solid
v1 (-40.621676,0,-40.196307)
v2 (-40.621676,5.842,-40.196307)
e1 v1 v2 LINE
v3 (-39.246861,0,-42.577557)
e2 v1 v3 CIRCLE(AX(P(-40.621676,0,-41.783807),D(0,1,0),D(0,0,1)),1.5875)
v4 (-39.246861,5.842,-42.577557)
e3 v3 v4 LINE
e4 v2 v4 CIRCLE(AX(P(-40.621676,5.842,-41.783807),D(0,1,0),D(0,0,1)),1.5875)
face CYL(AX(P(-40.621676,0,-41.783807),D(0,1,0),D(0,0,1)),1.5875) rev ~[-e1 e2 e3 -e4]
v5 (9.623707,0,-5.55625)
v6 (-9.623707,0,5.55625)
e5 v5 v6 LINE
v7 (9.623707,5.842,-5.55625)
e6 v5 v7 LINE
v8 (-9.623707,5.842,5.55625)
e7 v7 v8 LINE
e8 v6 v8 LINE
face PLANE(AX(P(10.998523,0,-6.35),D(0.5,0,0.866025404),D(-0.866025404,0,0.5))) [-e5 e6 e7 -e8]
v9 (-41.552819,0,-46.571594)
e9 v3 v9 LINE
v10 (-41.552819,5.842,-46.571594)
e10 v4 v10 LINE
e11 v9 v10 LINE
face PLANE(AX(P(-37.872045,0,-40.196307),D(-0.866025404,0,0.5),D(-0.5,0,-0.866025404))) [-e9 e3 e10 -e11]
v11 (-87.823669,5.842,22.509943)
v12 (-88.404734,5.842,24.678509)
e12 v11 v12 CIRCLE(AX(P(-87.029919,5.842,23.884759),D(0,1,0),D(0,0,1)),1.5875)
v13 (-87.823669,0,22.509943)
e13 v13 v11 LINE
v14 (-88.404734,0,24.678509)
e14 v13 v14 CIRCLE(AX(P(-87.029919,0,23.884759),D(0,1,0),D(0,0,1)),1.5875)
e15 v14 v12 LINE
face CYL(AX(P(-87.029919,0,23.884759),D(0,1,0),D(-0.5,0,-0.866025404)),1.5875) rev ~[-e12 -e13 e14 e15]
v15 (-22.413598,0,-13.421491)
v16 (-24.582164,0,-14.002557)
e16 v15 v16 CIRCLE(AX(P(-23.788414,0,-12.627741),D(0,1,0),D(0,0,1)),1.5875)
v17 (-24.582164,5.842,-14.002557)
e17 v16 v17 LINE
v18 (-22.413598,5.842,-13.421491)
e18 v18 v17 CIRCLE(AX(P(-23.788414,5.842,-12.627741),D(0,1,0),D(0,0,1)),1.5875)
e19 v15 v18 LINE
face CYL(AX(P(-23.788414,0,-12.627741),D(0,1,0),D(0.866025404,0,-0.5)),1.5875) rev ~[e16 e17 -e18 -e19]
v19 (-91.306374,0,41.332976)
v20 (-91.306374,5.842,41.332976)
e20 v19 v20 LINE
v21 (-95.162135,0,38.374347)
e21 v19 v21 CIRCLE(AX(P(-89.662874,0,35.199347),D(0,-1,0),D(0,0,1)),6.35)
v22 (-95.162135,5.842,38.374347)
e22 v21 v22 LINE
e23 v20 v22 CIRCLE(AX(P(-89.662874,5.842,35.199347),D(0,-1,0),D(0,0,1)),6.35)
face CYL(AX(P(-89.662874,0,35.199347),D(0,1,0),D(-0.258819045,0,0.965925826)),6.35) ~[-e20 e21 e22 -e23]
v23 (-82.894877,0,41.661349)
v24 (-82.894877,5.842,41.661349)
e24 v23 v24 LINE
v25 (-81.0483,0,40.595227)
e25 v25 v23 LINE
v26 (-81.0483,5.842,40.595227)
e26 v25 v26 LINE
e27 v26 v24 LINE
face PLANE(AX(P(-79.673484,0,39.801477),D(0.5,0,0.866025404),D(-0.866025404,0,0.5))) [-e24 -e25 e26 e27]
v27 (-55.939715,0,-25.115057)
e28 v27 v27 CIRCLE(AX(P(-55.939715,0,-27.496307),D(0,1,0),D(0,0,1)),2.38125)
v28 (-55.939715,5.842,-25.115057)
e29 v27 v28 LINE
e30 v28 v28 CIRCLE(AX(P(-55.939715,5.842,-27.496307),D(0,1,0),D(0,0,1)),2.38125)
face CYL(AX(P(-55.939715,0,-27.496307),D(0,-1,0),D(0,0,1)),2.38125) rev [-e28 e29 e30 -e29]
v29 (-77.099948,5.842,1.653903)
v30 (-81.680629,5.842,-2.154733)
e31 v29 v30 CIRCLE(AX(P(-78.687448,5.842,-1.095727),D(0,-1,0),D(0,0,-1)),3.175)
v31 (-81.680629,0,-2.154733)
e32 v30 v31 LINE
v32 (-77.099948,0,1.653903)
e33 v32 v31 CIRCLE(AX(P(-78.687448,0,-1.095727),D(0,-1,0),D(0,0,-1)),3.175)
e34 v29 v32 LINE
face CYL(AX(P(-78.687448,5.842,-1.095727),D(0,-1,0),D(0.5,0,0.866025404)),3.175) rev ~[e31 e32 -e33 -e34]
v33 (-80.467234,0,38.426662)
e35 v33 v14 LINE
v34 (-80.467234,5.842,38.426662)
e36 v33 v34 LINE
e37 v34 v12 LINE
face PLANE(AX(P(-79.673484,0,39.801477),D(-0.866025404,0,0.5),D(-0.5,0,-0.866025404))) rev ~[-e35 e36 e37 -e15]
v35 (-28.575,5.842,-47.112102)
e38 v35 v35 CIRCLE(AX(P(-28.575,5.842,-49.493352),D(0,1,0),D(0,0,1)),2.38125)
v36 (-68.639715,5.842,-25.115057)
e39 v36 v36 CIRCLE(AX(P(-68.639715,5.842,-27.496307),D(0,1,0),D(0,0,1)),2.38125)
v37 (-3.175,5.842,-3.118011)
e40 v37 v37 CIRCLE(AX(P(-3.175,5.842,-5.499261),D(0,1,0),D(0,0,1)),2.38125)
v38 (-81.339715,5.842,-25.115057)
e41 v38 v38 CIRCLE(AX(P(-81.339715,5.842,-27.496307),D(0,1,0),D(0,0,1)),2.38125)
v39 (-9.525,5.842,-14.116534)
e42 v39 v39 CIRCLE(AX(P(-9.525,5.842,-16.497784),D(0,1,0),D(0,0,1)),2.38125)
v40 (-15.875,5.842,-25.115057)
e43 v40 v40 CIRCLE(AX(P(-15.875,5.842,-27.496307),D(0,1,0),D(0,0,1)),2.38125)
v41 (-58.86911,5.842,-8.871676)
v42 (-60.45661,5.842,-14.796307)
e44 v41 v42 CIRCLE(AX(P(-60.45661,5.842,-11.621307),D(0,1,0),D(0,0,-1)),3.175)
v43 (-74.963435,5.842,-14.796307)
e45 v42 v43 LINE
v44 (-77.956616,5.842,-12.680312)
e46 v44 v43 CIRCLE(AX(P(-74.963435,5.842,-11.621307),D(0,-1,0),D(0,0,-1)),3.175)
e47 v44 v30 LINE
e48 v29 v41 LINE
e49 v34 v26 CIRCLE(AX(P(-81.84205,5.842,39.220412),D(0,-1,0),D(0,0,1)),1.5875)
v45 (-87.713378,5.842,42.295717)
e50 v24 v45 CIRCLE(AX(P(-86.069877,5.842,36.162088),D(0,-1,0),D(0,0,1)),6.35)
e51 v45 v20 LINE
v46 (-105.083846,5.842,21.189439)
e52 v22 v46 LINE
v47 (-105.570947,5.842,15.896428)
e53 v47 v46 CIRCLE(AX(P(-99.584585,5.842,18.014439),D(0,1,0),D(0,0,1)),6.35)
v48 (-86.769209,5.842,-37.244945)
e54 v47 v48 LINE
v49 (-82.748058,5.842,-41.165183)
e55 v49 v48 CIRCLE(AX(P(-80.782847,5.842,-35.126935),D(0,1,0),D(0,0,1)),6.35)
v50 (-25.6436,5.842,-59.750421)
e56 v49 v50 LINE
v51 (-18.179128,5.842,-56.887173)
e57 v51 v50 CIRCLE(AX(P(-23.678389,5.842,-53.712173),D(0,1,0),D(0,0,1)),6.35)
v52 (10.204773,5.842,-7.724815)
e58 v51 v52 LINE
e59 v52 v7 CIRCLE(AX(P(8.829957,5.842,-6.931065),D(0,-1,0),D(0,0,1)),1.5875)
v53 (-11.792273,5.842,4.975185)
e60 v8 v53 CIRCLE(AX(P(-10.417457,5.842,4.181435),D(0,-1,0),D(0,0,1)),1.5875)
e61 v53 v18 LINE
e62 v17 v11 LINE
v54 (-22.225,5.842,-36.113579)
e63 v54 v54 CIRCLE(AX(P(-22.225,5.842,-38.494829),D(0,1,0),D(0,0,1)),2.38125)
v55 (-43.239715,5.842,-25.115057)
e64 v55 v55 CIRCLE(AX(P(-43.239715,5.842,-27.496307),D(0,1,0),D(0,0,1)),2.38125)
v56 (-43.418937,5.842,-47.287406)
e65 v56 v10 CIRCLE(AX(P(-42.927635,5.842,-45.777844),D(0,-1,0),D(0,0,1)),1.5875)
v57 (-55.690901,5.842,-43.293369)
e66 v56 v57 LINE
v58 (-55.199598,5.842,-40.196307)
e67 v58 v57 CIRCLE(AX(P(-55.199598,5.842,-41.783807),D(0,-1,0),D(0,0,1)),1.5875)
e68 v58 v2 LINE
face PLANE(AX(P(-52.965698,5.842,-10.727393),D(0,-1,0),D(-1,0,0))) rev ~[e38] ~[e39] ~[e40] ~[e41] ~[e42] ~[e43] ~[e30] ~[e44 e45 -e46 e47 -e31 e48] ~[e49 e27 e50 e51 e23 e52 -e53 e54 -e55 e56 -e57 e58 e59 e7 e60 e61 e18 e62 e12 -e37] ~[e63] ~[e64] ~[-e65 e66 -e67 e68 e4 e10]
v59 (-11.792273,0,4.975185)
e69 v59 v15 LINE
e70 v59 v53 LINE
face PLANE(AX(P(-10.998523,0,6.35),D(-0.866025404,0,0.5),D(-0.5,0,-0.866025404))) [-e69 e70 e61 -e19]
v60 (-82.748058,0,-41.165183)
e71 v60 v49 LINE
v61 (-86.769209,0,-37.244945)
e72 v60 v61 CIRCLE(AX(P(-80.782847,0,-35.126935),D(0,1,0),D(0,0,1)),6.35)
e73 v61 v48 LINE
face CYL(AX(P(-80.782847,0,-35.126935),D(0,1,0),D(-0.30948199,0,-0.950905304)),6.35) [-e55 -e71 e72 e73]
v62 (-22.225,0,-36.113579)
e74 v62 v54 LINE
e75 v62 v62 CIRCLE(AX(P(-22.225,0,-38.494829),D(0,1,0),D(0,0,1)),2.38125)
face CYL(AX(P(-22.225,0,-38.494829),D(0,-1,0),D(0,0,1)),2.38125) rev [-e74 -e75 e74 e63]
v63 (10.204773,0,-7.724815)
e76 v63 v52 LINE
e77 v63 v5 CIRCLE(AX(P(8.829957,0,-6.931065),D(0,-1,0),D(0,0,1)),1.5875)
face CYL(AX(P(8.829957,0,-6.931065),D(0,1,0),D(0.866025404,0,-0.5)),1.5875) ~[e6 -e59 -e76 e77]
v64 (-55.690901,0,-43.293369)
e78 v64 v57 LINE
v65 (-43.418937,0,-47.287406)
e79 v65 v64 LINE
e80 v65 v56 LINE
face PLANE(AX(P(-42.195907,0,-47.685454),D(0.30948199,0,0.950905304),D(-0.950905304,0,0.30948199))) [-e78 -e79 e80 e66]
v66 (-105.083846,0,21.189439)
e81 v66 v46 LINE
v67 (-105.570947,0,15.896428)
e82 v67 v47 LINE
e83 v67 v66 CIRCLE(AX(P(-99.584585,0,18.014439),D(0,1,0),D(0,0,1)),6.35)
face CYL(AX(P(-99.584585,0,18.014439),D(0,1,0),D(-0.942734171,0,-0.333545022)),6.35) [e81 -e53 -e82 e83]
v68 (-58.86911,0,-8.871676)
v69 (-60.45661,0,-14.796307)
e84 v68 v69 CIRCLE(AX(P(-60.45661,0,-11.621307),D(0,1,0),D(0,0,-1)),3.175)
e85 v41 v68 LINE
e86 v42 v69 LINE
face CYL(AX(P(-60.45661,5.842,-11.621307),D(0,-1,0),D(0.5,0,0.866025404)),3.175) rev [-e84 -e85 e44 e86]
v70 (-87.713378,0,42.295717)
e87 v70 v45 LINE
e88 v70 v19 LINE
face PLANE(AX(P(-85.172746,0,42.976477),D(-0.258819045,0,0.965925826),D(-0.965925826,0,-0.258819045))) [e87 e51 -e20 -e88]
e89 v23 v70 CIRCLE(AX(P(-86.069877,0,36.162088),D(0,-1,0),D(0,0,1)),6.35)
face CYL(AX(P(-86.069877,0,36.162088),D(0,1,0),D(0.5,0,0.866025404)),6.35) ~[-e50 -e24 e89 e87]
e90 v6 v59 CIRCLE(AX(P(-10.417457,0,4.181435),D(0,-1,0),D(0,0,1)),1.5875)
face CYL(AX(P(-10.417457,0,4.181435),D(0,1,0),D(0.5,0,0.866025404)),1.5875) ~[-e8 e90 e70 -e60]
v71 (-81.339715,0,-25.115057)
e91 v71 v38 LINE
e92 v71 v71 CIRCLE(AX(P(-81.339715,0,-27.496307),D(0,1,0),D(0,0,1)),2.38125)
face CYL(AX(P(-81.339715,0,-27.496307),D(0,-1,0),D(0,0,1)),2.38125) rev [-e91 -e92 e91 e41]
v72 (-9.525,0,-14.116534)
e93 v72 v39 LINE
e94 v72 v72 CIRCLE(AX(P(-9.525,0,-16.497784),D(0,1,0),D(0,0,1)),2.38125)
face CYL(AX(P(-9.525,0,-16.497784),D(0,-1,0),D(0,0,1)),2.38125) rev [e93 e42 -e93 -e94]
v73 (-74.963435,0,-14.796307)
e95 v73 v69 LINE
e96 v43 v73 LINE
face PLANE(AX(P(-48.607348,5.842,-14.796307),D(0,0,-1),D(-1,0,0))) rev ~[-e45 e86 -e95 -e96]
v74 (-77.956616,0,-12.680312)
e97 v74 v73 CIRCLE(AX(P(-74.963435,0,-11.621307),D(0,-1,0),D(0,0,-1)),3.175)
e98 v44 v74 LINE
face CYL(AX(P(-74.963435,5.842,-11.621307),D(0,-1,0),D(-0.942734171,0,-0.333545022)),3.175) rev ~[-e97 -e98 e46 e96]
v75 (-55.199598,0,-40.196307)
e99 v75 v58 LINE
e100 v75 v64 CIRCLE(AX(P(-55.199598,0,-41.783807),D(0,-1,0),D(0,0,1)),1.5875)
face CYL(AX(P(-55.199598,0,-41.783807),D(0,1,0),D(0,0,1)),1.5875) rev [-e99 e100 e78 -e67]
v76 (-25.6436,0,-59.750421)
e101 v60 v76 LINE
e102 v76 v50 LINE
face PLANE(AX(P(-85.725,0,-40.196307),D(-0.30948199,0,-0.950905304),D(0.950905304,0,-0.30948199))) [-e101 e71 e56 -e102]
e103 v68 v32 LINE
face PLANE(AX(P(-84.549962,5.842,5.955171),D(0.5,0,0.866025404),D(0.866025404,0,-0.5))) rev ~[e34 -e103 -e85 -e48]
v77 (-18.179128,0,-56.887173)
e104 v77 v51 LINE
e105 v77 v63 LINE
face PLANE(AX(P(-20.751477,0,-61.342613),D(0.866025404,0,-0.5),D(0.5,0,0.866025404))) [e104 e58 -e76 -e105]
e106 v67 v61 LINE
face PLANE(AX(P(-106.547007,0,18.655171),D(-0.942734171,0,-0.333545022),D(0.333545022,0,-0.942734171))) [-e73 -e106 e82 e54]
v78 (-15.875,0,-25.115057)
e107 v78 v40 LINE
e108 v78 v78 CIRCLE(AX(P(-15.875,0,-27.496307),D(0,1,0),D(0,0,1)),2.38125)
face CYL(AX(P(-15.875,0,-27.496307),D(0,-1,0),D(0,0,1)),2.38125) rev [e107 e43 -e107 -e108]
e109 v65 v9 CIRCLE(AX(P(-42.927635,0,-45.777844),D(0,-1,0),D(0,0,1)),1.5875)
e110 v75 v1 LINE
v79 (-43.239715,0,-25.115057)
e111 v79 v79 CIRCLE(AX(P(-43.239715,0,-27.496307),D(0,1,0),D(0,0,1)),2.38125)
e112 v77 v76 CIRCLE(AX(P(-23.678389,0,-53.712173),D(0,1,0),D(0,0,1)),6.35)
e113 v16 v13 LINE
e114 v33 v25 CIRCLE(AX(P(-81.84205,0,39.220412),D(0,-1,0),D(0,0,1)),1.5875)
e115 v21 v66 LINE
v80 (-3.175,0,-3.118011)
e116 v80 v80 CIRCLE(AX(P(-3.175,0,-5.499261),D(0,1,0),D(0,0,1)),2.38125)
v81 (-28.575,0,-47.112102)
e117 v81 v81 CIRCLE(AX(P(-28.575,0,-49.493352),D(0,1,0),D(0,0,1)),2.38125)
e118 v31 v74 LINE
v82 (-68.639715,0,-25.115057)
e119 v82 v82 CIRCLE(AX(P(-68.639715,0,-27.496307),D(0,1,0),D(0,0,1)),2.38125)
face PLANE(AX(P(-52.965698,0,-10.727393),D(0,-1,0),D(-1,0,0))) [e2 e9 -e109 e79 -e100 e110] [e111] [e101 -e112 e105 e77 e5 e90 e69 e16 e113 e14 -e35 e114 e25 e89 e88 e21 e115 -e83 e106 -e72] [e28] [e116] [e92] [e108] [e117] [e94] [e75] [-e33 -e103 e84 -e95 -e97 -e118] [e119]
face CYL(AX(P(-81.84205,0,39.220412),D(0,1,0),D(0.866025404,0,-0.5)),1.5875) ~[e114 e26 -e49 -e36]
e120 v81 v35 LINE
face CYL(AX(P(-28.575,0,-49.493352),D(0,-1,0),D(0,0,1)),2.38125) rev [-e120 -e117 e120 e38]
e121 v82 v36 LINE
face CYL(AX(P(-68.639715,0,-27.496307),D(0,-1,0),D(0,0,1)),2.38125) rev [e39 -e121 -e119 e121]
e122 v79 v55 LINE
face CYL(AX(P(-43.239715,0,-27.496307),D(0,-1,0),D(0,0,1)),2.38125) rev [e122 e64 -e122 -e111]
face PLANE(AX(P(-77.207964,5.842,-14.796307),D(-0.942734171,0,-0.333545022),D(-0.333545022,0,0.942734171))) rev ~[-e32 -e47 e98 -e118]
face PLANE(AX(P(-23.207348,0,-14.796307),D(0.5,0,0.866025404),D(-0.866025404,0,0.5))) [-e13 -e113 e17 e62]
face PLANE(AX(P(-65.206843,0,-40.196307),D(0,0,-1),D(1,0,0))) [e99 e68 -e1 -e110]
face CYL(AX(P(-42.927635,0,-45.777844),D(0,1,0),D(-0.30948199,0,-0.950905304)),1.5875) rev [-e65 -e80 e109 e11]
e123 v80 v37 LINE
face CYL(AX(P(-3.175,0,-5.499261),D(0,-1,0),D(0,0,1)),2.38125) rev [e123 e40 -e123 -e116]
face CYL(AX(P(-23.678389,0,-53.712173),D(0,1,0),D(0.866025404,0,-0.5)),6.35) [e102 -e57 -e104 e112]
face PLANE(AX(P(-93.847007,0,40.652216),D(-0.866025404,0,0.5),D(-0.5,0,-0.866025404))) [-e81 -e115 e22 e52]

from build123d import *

# Parameters (mm, degrees)
SKETCH1_R           = 2.38125
BOSS_EXTRUDE1_DEPTH = 5.842
FILLET1_R           = 1.5875
FILLET2_R           = 6.35
FILLET3_R           = 1.5875
CUT_EXTRUDE1_DEPTH  = 122.916897323
FILLET4_R           = 3.175


with BuildPart() as part:
    # Sketch1 → Boss-Extrude1 (new body)
    with BuildSketch(Plane(origin=(0, 0, 0), x_dir=(1, 0, 0), z_dir=(0, 1, 0))):
        Polygon((-10.998522628, -6.35), (-23.207348419, 14.79630657), (-89.198484187, -23.30369343), (-82.848484187, -34.302216058), (-79.673484187, -39.801477372), (-85.172745501, -42.976477372), (-93.847006815, -40.652216058), (-106.547006815, -18.655170802), (-85.725, 40.19630657), (-20.751477372, 61.34261314), (10.998522628, 6.35), align=None)
        with Locations(Location((-28.575, 49.493351826, 0), (0, 0, 270))):
            Circle(SKETCH1_R, mode=Mode.SUBTRACT)
        with Locations(Location((-22.225, 38.494829198, 0), (0, 0, 270))):
            Circle(SKETCH1_R, mode=Mode.SUBTRACT)
        with Locations(Location((-15.875, 27.49630657, 0), (0, 0, 270))):
            Circle(SKETCH1_R, mode=Mode.SUBTRACT)
        with Locations(Location((-9.525, 16.497783942, 0), (0, 0, 270))):
            Circle(SKETCH1_R, mode=Mode.SUBTRACT)
        with Locations(Location((-3.175, 5.499261314, 0), (0, 0, 270))):
            Circle(SKETCH1_R, mode=Mode.SUBTRACT)
        with Locations(Location((-43.2397154, 27.49630657, 0), (0, 0, 270))):
            Circle(SKETCH1_R, mode=Mode.SUBTRACT)
        with Locations(Location((-55.9397154, 27.49630657, 0), (0, 0, 270))):
            Circle(SKETCH1_R, mode=Mode.SUBTRACT)
        with Locations(Location((-68.6397154, 27.49630657, 0), (0, 0, 270))):
            Circle(SKETCH1_R, mode=Mode.SUBTRACT)
        with Locations(Location((-81.3397154, 27.49630657, 0), (0, 0, 270))):
            Circle(SKETCH1_R, mode=Mode.SUBTRACT)
        Polygon((-37.872045256, 40.19630657), (-42.195906773, 47.685454402), (-65.206843197, 40.19630657), align=None, mode=Mode.SUBTRACT)
    extrude(amount=BOSS_EXTRUDE1_DEPTH)

    # Fillet1
    fillet1_edges = [part.edges().sort_by_distance(p)[0] for p in [
        (-42.195906773, 2.921, -47.685454402),
        (-65.206843197, 2.921, -40.19630657),
        (-37.872045256, 2.921, -40.19630657),
    ]]
    fillet(fillet1_edges, radius=FILLET1_R)

    # Fillet2
    fillet2_edges = [part.edges().sort_by_distance(p)[0] for p in [
        (-85.725, 2.921, -40.19630657),
        (-20.751477372, 2.921, -61.34261314),
        (-85.172745501, 2.921, 42.976477372),
        (-93.847006815, 2.921, 40.652216058),
        (-106.547006815, 2.921, 18.655170802),
    ]]
    fillet(fillet2_edges, radius=FILLET2_R)

    # Fillet3
    fillet3_edges = [part.edges().sort_by_distance(p)[0] for p in [
        (10.998522628, 2.921, -6.35),
        (-10.998522628, 2.921, 6.35),
        (-23.207348419, 2.921, -14.79630657),
        (-89.198484187, 2.921, 23.30369343),
        (-79.673484187, 2.921, 39.801477372),
    ]]
    fillet(fillet3_edges, radius=FILLET3_R)

    # Sketch2 → Cut-Extrude1 (cut, through all)
    with BuildSketch(Plane(origin=(0, 5.842, 0), x_dir=(1, 0, 0), z_dir=(0, 1, 0))):
        Polygon((-84.549961559, -5.955170802), (-48.607348419, 14.79630657), (-77.207963999, 14.79630657), align=None)
    extrude(amount=-CUT_EXTRUDE1_DEPTH, mode=Mode.SUBTRACT)

    # Fillet4
    fillet4_edges = [part.edges().sort_by_distance(p)[0] for p in [
        (-84.549961559, 2.921, 5.955170802),
        (-77.207963999, 2.921, -14.79630657),
        (-48.607348419, 2.921, -14.79630657),
    ]]
    fillet(fillet4_edges, radius=FILLET4_R)


solid = part.part
